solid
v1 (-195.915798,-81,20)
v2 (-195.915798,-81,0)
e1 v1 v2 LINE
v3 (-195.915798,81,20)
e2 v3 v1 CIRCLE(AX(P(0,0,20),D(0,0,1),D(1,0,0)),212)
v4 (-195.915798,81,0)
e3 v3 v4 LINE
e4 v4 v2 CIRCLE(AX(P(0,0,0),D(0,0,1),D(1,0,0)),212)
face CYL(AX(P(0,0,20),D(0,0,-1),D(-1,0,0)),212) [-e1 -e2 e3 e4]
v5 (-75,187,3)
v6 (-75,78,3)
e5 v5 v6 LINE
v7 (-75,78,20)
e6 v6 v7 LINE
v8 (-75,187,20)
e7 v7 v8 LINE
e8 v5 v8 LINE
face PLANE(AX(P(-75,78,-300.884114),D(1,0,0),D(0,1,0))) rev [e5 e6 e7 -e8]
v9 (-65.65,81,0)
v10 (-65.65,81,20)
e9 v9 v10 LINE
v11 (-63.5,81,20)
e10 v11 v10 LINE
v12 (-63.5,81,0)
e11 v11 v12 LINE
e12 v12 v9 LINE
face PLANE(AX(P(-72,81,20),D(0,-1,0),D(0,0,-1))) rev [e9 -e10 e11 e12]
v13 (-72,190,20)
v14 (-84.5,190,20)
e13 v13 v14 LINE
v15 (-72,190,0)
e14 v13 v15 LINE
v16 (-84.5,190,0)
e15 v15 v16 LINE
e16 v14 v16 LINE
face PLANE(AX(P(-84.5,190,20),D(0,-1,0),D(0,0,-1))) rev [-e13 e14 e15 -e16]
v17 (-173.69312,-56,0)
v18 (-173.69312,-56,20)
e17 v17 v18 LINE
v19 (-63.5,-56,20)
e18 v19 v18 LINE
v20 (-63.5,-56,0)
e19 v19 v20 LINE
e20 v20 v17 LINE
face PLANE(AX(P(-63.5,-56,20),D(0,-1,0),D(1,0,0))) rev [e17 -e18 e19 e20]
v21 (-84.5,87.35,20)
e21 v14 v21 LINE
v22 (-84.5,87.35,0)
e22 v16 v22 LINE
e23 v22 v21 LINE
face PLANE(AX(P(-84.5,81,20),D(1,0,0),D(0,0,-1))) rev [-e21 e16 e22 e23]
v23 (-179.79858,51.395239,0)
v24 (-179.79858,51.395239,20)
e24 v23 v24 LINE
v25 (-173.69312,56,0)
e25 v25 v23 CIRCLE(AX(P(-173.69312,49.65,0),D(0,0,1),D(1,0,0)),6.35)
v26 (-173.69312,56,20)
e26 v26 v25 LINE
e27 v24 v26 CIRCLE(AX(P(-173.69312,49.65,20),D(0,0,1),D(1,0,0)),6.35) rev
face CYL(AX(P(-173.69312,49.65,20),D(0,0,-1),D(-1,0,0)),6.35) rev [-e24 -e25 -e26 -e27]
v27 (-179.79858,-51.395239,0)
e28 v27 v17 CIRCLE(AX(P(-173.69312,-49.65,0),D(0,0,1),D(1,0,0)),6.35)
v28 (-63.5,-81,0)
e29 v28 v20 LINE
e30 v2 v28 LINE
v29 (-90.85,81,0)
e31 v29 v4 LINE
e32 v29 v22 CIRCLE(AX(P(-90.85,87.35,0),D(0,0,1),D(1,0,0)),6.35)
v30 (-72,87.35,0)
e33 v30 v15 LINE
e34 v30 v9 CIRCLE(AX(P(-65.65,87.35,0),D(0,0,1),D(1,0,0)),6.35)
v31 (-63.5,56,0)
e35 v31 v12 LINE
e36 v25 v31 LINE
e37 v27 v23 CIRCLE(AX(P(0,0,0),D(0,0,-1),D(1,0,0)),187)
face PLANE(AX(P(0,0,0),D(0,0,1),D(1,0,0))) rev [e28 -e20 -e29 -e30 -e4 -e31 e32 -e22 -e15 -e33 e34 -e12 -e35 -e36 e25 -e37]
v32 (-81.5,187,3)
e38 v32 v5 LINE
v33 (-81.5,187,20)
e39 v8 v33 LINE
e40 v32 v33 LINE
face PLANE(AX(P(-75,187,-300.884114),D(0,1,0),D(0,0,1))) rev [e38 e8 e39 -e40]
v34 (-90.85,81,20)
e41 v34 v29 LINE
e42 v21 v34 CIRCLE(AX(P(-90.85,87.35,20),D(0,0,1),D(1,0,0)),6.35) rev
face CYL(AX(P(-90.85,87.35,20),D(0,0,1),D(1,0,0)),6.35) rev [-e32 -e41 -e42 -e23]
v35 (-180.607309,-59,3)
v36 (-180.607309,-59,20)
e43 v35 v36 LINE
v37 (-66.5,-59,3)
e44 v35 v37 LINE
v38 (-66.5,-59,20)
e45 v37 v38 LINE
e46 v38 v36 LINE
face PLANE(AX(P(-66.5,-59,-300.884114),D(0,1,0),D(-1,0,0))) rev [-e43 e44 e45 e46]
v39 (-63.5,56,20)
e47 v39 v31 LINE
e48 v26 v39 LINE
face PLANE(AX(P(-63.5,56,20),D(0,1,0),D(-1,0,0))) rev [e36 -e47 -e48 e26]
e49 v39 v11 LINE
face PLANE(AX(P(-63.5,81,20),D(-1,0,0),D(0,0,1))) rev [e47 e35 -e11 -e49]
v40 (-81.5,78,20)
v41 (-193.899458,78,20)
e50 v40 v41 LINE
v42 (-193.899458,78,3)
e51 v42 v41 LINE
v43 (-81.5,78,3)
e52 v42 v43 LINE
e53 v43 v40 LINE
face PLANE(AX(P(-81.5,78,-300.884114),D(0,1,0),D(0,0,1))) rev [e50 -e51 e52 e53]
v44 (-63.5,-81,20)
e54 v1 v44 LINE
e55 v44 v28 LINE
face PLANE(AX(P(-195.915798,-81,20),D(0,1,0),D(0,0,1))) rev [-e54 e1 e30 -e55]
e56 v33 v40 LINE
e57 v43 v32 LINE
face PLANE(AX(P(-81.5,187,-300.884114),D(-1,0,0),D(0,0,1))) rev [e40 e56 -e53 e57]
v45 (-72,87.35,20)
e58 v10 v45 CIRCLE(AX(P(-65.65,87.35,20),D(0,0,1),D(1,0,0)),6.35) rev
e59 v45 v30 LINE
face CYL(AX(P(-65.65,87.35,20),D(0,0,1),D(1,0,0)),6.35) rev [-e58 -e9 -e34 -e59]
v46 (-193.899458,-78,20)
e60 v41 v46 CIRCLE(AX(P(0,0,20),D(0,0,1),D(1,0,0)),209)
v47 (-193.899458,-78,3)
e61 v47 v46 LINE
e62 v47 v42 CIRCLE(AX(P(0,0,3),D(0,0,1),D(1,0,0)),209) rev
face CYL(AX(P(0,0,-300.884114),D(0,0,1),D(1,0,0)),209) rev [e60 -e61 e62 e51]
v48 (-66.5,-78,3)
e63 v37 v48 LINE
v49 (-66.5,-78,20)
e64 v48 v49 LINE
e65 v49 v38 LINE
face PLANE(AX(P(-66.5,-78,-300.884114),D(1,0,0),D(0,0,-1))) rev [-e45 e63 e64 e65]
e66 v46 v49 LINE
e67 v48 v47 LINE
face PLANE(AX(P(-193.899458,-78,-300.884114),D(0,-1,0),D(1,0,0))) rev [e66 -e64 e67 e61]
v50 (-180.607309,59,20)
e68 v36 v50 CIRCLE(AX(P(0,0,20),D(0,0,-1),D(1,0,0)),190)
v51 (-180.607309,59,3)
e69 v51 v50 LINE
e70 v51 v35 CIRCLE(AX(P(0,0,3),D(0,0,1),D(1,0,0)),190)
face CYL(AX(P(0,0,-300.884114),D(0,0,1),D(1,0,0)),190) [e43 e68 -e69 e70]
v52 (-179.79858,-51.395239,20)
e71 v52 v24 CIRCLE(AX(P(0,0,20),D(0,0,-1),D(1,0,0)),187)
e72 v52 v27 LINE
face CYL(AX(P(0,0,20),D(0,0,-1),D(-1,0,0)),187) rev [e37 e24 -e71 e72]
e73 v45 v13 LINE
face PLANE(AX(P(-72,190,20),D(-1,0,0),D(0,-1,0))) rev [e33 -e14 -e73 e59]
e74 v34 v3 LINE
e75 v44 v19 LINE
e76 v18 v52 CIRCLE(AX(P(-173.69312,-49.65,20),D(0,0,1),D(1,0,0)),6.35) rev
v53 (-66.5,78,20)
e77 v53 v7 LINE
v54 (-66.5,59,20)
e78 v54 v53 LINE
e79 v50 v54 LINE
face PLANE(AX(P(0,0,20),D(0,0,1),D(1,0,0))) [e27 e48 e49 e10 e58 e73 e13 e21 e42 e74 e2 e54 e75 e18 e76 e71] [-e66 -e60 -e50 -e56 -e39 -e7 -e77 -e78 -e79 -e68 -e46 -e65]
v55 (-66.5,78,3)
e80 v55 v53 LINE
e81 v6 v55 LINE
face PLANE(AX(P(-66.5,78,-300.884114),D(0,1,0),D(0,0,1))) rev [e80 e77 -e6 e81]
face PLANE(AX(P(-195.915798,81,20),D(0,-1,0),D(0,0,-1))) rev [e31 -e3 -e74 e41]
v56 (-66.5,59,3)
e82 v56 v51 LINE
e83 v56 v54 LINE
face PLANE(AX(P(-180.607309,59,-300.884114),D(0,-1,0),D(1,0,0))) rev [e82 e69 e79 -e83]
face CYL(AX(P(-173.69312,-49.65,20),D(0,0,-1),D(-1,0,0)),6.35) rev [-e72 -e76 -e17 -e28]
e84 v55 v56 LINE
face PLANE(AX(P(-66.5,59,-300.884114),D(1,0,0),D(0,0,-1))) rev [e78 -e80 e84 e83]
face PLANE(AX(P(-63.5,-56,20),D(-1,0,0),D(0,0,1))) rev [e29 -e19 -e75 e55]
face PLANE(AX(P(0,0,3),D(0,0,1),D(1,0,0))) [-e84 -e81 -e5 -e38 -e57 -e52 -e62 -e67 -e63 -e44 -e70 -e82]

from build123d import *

# Parameters (mm, degrees)
BOSS_EXTRUDE1_DEPTH = 20
CUT_EXTRUDE1_DEPTH  = 17
FILLET1_R           = 6.35


with BuildPart() as part:
    # Sketch1 → Boss-Extrude1 (new body)
    with BuildSketch(Plane.XY):
        with BuildLine():
            Line((-195.91579824, 81), (-84.5, 81))
            Line((-84.5, 81), (-84.5, 190))
            Line((-84.5, 190), (-72, 190))
            Line((-72, 190), (-72, 81))
            Line((-72, 81), (-63.5, 81))
            Line((-63.5, 81), (-63.5, 56))
            Line((-63.5, 56), (-178.418048414, 56))
            ThreePointArc((-178.418048414, 56), (-187, 0), (-178.418048414, -56))
            Line((-178.418048414, -56), (-63.5, -56))
            Line((-63.5, -56), (-63.5, -81))
            Line((-63.5, -81), (-195.91579824, -81))
            ThreePointArc((-195.91579824, -81), (-212, 0), (-195.91579824, 81))
        make_face()
    extrude(amount=BOSS_EXTRUDE1_DEPTH)

    # Sketch2 → Cut-Extrude1 (cut)
    with BuildSketch(Plane.XY.offset(20)):
        with BuildLine():
            Line((-66.5, 78), (-75, 78))
            Line((-75, 78), (-75, 187))
            Line((-75, 187), (-81.5, 187))
            Line((-81.5, 187), (-81.5, 78))
            Line((-81.5, 78), (-193.899458483, 78))
            ThreePointArc((-193.899458483, 78), (-209, 0), (-193.899458483, -78))
            Line((-193.899458483, -78), (-66.5, -78))
            Line((-66.5, -78), (-66.5, -59))
            Line((-66.5, -59), (-180.607308822, -59))
            ThreePointArc((-180.607308822, -59), (-190, 0), (-180.607308822, 59))
            Line((-180.607308822, 59), (-66.5, 59))
            Line((-66.5, 59), (-66.5, 78))
        make_face()
    extrude(amount=-CUT_EXTRUDE1_DEPTH, mode=Mode.SUBTRACT)

    # Fillet1
    fillet1_edges = [part.edges().sort_by_distance(p)[0] for p in [
        (-178.418048414, 56, 10),
        (-178.418048414, -56, 10),
        (-84.5, 81, 10),
        (-72, 81, 10),
    ]]
    fillet(fillet1_edges, radius=FILLET1_R)


solid = part.part
